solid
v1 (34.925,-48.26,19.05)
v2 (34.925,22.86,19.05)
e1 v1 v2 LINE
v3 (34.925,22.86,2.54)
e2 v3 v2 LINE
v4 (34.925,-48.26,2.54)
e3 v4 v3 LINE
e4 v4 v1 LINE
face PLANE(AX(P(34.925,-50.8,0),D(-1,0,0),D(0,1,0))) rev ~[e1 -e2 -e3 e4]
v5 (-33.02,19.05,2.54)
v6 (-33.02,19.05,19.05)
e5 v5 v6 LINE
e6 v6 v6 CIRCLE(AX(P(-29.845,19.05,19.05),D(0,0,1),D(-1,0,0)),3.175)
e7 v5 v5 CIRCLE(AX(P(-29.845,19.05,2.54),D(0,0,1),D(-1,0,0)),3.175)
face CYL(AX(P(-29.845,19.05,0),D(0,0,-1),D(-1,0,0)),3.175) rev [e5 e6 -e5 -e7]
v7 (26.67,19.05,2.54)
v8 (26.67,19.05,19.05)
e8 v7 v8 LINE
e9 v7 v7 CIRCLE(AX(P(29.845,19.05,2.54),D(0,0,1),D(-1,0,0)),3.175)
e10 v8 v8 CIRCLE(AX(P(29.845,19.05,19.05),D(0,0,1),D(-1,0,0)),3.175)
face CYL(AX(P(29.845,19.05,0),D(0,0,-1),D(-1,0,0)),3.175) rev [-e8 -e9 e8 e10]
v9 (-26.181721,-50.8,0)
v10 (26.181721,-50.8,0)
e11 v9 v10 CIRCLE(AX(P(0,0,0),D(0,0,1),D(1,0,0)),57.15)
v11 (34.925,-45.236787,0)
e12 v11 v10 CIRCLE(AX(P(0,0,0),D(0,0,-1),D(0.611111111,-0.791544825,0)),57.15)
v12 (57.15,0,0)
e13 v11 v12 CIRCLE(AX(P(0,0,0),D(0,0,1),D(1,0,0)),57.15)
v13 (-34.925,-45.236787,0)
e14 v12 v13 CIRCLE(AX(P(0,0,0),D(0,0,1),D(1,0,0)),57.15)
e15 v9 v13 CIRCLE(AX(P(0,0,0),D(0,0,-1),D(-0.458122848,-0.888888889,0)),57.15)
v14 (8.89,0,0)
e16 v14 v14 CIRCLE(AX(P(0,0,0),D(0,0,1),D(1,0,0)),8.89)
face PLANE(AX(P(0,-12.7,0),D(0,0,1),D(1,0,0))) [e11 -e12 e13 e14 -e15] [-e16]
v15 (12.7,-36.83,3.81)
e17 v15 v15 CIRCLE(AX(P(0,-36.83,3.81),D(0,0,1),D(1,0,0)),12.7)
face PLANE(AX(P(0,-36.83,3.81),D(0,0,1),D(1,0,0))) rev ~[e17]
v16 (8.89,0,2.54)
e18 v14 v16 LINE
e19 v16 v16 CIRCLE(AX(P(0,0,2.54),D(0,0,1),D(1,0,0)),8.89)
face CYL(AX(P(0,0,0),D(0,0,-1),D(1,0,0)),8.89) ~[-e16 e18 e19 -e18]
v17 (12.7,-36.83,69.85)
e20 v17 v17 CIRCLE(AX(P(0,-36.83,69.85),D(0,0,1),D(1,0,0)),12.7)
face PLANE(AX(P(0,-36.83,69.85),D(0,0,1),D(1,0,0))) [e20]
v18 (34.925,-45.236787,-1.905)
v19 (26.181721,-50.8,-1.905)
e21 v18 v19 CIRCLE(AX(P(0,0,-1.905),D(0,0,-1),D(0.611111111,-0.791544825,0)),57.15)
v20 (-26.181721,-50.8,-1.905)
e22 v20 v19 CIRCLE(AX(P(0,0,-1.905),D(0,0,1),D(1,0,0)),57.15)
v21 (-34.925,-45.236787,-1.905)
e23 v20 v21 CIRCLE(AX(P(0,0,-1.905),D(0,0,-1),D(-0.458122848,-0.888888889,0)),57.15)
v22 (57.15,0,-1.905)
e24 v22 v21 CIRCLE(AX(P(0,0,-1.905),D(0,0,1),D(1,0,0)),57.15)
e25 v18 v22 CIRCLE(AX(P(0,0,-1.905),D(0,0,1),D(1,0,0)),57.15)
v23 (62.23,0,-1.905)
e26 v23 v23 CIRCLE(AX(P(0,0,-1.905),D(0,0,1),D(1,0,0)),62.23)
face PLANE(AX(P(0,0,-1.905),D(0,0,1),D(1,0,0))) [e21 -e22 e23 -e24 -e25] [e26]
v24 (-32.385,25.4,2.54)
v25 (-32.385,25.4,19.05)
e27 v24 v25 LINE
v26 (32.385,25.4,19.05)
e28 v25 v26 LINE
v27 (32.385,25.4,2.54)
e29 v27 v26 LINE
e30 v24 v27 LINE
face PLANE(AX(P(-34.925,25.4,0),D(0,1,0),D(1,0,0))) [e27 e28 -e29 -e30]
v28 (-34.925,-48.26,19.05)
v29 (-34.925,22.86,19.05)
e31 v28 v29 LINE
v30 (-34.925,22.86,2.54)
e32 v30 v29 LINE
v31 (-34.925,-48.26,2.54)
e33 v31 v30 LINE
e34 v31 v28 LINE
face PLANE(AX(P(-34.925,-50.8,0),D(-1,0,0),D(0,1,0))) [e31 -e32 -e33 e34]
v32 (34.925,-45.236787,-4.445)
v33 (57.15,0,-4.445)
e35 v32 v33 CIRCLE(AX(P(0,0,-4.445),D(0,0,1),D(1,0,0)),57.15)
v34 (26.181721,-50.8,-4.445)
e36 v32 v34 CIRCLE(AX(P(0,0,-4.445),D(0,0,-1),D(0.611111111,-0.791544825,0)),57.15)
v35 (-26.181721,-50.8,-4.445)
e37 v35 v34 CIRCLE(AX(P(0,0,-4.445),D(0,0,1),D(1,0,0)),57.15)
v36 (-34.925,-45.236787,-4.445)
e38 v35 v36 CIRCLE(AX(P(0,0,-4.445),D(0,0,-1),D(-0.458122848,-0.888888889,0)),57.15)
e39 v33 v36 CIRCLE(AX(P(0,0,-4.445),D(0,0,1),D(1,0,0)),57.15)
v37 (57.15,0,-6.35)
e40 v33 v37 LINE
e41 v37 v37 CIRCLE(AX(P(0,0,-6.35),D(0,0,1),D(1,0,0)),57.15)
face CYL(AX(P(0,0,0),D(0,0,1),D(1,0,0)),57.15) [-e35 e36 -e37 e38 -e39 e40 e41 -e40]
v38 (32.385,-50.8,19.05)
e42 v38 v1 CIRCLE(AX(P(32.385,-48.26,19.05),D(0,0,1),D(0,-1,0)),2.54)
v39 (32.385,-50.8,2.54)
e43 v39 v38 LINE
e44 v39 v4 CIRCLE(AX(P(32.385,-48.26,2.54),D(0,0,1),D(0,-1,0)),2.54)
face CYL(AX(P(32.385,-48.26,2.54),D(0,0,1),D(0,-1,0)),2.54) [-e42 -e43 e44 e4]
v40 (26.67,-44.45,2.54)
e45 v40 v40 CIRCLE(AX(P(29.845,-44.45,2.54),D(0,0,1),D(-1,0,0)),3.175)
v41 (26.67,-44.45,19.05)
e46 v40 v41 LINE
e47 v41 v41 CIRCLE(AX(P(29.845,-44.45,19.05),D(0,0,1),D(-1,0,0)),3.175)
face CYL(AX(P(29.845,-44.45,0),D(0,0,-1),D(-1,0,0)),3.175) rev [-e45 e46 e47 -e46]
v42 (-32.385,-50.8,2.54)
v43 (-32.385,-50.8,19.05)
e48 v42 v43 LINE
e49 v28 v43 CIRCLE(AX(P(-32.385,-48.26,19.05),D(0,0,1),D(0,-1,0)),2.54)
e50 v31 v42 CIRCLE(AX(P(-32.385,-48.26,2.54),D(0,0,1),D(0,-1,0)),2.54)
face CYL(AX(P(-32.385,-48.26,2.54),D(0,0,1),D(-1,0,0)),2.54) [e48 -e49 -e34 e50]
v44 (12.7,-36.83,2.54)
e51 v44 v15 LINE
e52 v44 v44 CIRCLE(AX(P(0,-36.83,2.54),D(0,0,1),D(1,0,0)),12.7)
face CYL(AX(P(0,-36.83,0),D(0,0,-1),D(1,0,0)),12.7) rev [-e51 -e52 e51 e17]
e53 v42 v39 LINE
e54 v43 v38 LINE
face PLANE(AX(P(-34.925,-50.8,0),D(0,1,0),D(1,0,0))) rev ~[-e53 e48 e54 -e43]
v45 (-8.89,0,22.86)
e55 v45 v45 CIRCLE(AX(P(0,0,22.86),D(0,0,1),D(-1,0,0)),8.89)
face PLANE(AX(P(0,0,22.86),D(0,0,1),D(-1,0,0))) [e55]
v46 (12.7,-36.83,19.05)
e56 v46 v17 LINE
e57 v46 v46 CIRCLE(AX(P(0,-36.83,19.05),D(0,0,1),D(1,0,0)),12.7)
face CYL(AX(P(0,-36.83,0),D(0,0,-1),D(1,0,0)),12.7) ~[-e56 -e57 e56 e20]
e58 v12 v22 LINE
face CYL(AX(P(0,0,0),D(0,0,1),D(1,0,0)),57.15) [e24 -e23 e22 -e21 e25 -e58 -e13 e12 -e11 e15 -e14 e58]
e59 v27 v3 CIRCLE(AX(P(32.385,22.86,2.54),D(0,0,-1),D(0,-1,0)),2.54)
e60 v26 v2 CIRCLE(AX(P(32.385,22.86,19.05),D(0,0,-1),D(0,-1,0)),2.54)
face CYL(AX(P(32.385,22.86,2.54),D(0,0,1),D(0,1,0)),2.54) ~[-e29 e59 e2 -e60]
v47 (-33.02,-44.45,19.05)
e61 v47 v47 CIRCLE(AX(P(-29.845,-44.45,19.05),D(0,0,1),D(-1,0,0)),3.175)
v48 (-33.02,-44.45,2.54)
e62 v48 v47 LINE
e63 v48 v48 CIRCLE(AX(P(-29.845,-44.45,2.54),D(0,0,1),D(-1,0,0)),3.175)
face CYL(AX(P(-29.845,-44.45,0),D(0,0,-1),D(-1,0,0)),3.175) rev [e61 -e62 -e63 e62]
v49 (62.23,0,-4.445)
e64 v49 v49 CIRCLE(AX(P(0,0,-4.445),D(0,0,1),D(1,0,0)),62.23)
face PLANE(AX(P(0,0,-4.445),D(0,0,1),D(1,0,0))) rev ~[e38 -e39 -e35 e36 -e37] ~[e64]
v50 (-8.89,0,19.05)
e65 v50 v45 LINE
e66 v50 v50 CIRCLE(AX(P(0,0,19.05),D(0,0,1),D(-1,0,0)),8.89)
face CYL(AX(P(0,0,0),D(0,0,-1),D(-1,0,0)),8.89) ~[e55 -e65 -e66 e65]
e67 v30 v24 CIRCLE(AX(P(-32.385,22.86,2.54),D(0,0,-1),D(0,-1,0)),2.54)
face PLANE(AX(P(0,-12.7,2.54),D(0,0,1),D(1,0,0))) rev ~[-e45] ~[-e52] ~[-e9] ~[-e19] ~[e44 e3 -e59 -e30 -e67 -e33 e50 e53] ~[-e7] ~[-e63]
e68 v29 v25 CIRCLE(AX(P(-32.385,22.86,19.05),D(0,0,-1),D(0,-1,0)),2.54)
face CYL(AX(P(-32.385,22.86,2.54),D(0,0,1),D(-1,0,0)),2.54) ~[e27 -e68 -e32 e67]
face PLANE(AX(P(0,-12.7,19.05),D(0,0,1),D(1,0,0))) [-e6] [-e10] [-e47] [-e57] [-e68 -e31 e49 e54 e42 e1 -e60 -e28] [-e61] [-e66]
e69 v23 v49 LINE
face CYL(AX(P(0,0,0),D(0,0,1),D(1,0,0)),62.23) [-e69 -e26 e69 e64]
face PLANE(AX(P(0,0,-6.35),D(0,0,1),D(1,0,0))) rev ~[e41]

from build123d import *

# Parameters (mm, degrees)
SKETCH1_R           = 57.15
BOSS_EXTRUDE1_DEPTH = 6.35
SKETCH1_5_R         = 62.23
SKETCH1_5_R_2       = 57.15
BOSS_EXTRUDE2_DEPTH = 4.445
SKETCH1_6_R         = 62.23
SKETCH1_6_R_2       = 57.15
CUT_EXTRUDE1_DEPTH  = 1.905
SKETCH1_12_R        = 12.7
BOSS_EXTRUDE5_DEPTH = 69.85
SKETCH1_13_R        = 12.7
CUT_EXTRUDE3_DEPTH  = 3.81
SKETCH1_17_W        = 69.85
SKETCH1_17_H        = 76.2
SKETCH1_17_R        = 3.175
SKETCH1_17_R_2      = 12.7
SKETCH1_17_R_3      = 8.89
BOSS_EXTRUDE8_DEPTH = 19.05
SKETCH1_18_R        = 8.89
BOSS_EXTRUDE9_DEPTH = 22.86
SKETCH1_22_W        = 69.85
SKETCH1_22_H        = 76.2
SKETCH1_22_R        = 3.175
SKETCH1_22_R_2      = 12.7
SKETCH1_22_R_3      = 8.89
CUT_EXTRUDE6_DEPTH  = 2.54
FILLET1_R           = 2.54


with BuildPart() as part:
    # Sketch1 → Boss-Extrude1 (new body)
    with BuildSketch(Plane.XY):
        Circle(SKETCH1_R)
    extrude(amount=-BOSS_EXTRUDE1_DEPTH)

    # Sketch1<5> → Boss-Extrude2 (add)
    with BuildSketch(Plane.XY):
        Circle(SKETCH1_5_R)
        Circle(SKETCH1_5_R_2, mode=Mode.SUBTRACT)
    extrude(amount=-BOSS_EXTRUDE2_DEPTH)

    # Sketch1<6> → Cut-Extrude1 (cut)
    with BuildSketch(Plane.XY):
        Circle(SKETCH1_6_R)
        Circle(SKETCH1_6_R_2, mode=Mode.SUBTRACT)
    extrude(amount=-CUT_EXTRUDE1_DEPTH, mode=Mode.SUBTRACT)

    # Sketch1<12> → Boss-Extrude5 (add)
    with BuildSketch(Plane.XY):
        with Locations((0, -36.83)):
            Circle(SKETCH1_12_R)
    extrude(amount=BOSS_EXTRUDE5_DEPTH)

    # Sketch1<13> → Cut-Extrude3 (cut)
    with BuildSketch(Plane.XY):
        with Locations((0, -36.83)):
            Circle(SKETCH1_13_R)
    extrude(amount=CUT_EXTRUDE3_DEPTH, mode=Mode.SUBTRACT)


with BuildPart() as cut_extrude3_piece_1:
    # of the separate pieces the step leaves, piece 1, a body of its own (cut_extrude3_pieces)
    add(part.part.solids().sort_by_distance((57.15, 0, -4.445))[0])



with BuildPart() as cut_extrude3_piece_2:
    # of the separate pieces the step leaves, piece 2, a body of its own (cut_extrude3_pieces)
    add(part.part.solids().sort_by_distance((12.7, -36.83, 3.81))[0])


with BuildPart() as cut_extrude3_piece_1_1:
    add(cut_extrude3_piece_1.part)

    add(cut_extrude3_piece_2.part)  # Boss-Extrude8 merges Cut-Extrude3 piece 2
    # Sketch1<17> → Boss-Extrude8 (add)
    with BuildSketch(Plane.XY):
        with Locations((0, -12.7)):
            Rectangle(SKETCH1_17_W, SKETCH1_17_H)
        with Locations((29.845, 19.05)):
            Circle(SKETCH1_17_R, mode=Mode.SUBTRACT)
        with Locations((-29.845, -44.45)):
            Circle(SKETCH1_17_R, mode=Mode.SUBTRACT)
        with Locations((0, -36.83)):
            Circle(SKETCH1_17_R_2, mode=Mode.SUBTRACT)
        Circle(SKETCH1_17_R_3, mode=Mode.SUBTRACT)
        with Locations((29.845, -44.45)):
            Circle(SKETCH1_17_R, mode=Mode.SUBTRACT)
        with Locations((-29.845, 19.05)):
            Circle(SKETCH1_17_R, mode=Mode.SUBTRACT)
    extrude(amount=BOSS_EXTRUDE8_DEPTH)

    # Sketch1<18> → Boss-Extrude9 (add)
    with BuildSketch(Plane.XY):
        Circle(SKETCH1_18_R)
    extrude(amount=BOSS_EXTRUDE9_DEPTH)

    # Sketch1<22> → Cut-Extrude6 (cut)
    with BuildSketch(Plane.XY):
        with Locations((0, -12.7)):
            Rectangle(SKETCH1_22_W, SKETCH1_22_H)
        with Locations((29.845, 19.05)):
            Circle(SKETCH1_22_R, mode=Mode.SUBTRACT)
        with Locations((-29.845, -44.45)):
            Circle(SKETCH1_22_R, mode=Mode.SUBTRACT)
        with Locations((0, -36.83)):
            Circle(SKETCH1_22_R_2, mode=Mode.SUBTRACT)
        Circle(SKETCH1_22_R_3, mode=Mode.SUBTRACT)
        with Locations((29.845, -44.45)):
            Circle(SKETCH1_22_R, mode=Mode.SUBTRACT)
        with Locations((-29.845, 19.05)):
            Circle(SKETCH1_22_R, mode=Mode.SUBTRACT)
    extrude(amount=CUT_EXTRUDE6_DEPTH, mode=Mode.SUBTRACT)

    # Fillet1
    fillet1_edges = [cut_extrude3_piece_1_1.edges().sort_by_distance(p)[0] for p in [
        (-34.925, -50.8, 10.795),
        (34.925, -50.8, 10.795),
        (34.925, 25.4, 10.795),
        (-34.925, 25.4, 10.795),
    ]]
    fillet(fillet1_edges, radius=FILLET1_R)


solid = cut_extrude3_piece_1_1.part
